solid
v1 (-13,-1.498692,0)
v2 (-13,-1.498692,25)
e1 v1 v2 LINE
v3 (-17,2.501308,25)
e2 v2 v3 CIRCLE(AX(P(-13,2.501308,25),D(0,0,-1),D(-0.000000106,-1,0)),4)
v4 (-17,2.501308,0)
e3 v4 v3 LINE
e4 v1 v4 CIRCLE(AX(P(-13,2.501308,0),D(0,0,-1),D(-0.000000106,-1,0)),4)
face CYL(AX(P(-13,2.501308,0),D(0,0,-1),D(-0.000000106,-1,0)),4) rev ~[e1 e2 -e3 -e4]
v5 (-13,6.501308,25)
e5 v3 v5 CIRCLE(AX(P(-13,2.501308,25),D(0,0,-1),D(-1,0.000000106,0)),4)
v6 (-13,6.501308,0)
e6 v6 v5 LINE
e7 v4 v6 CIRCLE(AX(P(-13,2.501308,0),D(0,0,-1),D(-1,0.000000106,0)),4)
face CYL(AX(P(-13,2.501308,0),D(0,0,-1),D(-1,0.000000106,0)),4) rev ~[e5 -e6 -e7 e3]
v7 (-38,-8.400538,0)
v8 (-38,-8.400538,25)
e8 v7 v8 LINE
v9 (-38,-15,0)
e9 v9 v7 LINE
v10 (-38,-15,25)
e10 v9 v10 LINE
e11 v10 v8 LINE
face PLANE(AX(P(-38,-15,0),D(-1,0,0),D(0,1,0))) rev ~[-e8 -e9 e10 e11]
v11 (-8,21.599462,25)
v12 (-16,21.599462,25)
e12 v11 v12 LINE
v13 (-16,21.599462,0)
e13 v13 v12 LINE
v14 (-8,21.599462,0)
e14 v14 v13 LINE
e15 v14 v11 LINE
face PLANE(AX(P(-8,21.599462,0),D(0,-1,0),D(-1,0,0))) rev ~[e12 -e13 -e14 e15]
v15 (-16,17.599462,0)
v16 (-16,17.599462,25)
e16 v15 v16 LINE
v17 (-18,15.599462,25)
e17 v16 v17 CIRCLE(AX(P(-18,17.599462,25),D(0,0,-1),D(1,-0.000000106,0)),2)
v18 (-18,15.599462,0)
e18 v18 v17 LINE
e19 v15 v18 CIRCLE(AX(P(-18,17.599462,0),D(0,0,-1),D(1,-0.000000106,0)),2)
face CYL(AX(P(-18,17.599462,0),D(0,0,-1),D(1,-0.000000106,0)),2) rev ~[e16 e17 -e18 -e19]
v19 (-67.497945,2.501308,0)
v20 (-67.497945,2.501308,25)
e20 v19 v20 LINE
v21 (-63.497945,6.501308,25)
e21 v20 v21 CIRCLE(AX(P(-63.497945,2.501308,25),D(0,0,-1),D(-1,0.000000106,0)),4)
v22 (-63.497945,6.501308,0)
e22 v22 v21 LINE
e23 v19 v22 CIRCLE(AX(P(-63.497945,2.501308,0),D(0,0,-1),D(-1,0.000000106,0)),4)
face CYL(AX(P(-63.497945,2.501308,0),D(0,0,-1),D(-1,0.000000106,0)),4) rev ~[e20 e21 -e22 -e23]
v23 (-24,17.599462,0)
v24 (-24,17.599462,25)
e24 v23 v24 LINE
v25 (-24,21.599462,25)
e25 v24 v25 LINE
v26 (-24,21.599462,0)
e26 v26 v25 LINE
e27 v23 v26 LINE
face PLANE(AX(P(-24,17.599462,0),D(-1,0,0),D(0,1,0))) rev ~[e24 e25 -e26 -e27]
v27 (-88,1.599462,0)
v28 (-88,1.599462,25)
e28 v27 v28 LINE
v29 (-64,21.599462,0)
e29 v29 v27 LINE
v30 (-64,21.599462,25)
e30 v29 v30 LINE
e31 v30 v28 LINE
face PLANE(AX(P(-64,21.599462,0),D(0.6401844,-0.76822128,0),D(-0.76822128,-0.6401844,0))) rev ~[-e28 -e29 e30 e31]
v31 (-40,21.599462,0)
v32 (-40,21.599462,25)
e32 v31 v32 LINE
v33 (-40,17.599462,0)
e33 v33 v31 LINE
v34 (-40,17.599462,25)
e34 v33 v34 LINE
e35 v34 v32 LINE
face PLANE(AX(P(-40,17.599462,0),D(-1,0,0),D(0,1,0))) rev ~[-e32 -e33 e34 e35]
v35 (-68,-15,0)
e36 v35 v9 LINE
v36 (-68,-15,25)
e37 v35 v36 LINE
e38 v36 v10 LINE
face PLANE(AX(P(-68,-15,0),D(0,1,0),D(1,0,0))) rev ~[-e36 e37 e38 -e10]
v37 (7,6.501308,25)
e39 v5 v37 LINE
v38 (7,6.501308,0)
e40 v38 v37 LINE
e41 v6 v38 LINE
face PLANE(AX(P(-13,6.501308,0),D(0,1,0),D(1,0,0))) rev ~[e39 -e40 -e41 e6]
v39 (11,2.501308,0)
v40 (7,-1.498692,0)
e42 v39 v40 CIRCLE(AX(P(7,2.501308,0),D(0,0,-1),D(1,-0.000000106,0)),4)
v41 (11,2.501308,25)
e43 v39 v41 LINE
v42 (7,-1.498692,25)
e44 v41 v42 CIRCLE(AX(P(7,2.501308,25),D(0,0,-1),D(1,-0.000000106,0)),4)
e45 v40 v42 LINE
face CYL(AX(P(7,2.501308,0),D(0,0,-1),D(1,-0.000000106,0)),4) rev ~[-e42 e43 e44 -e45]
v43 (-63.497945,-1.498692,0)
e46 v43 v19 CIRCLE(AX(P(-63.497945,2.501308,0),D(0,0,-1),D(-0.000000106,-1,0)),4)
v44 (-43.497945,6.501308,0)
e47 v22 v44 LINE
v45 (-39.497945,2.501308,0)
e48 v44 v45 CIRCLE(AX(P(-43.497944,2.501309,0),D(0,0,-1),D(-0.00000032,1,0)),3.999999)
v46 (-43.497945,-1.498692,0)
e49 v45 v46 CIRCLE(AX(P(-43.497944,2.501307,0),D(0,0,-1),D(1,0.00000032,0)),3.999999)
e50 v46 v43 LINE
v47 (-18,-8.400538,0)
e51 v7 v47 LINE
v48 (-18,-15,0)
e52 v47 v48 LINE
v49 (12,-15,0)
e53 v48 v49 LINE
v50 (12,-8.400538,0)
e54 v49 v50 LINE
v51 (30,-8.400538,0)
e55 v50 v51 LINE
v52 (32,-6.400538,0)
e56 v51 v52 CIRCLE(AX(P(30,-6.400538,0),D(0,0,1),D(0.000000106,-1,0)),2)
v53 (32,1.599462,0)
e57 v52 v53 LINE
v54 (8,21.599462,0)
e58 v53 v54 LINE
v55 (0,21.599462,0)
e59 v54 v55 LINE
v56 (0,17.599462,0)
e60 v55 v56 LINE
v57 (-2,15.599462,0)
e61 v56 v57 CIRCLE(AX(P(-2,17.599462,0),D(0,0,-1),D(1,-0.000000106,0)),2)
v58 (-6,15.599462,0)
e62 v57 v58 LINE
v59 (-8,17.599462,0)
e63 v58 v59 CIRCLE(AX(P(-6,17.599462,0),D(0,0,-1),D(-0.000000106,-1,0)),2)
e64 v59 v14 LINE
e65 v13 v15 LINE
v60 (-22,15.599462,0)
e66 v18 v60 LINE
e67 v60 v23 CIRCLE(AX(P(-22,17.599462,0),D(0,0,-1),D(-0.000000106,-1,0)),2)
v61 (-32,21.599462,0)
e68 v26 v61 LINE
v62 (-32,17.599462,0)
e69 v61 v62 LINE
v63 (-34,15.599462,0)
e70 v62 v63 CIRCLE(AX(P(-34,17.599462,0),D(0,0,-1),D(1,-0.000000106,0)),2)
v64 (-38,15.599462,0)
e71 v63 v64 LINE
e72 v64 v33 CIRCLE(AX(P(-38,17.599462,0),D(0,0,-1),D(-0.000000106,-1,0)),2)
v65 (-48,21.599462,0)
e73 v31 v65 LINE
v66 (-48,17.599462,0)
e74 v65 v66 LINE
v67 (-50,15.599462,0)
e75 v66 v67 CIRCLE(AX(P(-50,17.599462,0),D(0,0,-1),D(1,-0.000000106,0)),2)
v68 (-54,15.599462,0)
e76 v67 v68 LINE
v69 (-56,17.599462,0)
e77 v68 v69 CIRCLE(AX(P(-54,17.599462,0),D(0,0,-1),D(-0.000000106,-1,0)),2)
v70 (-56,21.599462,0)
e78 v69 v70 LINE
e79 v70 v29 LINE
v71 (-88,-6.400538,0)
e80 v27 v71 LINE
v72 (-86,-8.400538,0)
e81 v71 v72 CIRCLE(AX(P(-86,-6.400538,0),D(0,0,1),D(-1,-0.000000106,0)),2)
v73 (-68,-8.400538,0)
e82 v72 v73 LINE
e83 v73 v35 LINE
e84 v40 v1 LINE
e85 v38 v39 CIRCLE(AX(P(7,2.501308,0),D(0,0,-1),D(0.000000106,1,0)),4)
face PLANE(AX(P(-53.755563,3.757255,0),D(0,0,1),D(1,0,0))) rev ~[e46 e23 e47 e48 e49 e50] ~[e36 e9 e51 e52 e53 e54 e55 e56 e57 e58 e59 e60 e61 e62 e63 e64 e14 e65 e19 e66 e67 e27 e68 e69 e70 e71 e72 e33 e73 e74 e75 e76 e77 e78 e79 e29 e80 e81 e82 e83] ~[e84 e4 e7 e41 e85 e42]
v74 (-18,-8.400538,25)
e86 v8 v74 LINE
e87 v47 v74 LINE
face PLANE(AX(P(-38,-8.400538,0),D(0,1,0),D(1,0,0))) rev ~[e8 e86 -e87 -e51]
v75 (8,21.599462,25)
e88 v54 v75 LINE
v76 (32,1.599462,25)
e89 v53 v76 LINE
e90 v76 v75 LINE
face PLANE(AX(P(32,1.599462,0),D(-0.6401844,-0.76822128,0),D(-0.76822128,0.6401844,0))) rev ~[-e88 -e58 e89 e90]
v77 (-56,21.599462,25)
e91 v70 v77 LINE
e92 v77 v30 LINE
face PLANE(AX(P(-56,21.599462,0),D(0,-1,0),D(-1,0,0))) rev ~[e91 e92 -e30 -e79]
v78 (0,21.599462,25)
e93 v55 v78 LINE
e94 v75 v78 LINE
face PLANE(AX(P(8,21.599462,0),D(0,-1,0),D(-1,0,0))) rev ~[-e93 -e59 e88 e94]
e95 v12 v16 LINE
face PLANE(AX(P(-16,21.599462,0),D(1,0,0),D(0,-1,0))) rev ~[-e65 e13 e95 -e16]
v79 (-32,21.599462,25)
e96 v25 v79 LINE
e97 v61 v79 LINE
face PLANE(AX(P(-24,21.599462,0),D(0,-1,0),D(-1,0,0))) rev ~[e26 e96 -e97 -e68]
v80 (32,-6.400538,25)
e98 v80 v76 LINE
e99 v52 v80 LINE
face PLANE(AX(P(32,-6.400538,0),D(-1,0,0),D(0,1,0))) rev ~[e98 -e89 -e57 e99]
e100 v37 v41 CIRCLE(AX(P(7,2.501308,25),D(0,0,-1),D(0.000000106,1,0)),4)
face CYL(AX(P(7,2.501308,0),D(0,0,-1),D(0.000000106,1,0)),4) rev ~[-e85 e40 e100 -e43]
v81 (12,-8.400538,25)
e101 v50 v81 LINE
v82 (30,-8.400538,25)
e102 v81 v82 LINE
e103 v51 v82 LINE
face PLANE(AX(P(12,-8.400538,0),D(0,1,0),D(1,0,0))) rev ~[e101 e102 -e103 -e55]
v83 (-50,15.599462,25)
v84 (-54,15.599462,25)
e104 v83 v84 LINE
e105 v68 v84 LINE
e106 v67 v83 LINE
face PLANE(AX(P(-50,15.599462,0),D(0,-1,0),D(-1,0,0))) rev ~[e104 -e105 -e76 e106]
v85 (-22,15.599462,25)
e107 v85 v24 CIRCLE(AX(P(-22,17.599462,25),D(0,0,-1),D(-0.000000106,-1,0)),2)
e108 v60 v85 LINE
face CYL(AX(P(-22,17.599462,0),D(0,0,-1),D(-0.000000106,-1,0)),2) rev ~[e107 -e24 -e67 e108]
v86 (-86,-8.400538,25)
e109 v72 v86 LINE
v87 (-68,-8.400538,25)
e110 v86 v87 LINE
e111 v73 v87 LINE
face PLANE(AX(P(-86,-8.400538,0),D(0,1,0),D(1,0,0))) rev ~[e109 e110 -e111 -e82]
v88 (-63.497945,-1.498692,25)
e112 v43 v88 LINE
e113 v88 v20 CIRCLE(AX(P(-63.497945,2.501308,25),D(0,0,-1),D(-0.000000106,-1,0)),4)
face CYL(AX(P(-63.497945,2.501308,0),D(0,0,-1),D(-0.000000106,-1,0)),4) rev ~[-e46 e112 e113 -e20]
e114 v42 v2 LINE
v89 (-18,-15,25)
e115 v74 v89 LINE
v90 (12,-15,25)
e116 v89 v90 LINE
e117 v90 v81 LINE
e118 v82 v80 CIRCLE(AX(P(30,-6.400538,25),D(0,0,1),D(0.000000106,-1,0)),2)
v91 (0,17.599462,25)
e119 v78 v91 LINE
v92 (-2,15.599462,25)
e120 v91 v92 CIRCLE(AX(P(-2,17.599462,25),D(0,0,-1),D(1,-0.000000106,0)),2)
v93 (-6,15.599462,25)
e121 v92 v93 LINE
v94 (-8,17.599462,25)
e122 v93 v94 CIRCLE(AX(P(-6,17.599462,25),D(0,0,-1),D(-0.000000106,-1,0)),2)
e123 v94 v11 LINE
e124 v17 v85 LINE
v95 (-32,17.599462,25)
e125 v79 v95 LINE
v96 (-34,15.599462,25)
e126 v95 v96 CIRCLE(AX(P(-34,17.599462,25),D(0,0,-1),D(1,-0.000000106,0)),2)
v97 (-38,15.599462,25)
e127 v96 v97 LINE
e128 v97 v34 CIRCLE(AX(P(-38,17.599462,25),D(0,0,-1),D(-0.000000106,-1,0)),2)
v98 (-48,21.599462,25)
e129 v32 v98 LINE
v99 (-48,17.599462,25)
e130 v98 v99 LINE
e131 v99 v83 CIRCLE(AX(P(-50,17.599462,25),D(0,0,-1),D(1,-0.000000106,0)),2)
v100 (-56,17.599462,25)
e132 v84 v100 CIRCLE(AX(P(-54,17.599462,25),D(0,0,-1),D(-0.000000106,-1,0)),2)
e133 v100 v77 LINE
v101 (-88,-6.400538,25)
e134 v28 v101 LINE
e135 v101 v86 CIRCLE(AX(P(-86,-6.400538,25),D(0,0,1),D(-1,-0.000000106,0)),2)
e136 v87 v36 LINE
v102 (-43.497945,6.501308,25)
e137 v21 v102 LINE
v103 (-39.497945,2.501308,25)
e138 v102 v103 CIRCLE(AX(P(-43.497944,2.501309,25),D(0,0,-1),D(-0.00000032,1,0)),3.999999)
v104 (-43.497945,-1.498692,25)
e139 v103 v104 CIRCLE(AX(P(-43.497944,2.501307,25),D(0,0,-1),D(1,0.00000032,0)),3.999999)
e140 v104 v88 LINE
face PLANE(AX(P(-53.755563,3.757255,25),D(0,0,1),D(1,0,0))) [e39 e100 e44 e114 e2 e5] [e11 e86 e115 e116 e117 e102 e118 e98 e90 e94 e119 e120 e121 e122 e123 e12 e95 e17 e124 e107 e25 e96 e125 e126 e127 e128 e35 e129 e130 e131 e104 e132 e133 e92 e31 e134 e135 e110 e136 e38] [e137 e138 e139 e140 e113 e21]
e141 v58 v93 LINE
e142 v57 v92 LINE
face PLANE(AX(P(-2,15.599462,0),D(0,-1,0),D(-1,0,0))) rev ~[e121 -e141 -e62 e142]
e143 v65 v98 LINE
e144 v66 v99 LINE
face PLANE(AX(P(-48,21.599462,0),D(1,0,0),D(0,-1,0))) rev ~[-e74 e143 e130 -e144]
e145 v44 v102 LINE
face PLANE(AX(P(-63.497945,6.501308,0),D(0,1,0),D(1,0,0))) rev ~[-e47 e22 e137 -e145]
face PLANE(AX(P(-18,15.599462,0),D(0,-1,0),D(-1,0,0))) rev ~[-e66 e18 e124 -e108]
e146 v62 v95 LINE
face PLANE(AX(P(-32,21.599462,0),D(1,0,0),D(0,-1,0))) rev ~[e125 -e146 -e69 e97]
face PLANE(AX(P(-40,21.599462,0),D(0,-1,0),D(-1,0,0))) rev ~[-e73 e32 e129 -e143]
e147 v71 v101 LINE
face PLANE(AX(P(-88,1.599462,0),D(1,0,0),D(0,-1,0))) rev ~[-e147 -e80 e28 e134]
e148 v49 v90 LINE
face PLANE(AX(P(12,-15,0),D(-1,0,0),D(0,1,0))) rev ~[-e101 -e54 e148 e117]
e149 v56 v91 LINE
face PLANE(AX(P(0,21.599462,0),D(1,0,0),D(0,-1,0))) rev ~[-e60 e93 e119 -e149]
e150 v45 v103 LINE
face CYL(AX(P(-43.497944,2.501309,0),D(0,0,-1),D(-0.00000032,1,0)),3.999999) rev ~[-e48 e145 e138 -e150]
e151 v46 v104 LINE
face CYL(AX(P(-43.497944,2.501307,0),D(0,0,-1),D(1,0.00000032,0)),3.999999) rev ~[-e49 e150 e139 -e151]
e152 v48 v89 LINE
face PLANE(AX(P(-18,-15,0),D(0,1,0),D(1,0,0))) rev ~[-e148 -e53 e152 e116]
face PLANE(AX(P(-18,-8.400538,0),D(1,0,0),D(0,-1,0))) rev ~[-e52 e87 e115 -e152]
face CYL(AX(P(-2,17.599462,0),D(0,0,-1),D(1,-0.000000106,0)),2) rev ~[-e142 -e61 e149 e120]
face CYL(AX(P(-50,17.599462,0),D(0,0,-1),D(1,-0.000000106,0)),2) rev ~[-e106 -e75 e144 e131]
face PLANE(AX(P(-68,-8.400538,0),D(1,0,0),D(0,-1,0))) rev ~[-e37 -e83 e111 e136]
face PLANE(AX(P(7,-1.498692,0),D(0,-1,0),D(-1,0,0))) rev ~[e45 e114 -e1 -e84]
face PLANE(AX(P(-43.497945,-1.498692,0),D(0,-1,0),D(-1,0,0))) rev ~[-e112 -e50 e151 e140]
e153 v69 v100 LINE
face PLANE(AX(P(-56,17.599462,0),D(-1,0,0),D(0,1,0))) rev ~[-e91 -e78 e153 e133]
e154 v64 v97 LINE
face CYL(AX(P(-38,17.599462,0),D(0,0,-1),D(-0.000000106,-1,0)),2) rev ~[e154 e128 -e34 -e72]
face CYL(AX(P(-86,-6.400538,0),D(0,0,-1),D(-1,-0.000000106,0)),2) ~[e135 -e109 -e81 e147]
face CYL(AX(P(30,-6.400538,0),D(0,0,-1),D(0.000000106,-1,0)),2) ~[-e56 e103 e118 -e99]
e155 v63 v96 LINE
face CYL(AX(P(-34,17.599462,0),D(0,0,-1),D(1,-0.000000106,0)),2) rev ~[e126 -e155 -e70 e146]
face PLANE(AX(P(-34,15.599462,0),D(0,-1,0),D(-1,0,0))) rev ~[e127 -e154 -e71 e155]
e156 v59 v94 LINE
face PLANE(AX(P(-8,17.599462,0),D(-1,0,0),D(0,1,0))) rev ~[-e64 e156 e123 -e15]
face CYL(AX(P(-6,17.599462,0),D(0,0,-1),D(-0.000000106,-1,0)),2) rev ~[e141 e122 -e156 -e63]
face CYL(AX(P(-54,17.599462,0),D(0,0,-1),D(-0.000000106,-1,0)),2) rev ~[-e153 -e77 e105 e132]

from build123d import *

# Parameters (mm, degrees)
F1_DEPTH = 25


with BuildPart() as f1:
    # F0 (on Top) → F1 (new body)
    with BuildSketch(Plane.XY):
        with BuildLine():
            ThreePointArc((-88, -6.400538), (-87.414214, -7.814751), (-86, -8.400538))
            Line((-86, -8.400538), (-68, -8.400538))
            Line((-68, -8.400538), (-68, -15))
            Line((-68, -15), (-38, -15))
            Line((-38, -15), (-38, -8.400538))
            Line((-38, -8.400538), (-28, -8.400538))
            Line((-28, -8.400538), (-28, -1.498692))
            Line((-28, -1.498692), (-28, 21.599462))
            Line((-28, 21.599462), (-32, 21.599462))
            Line((-32, 21.599462), (-32, 17.599462))
            ThreePointArc((-32, 17.599462), (-32.585786, 16.185249), (-34, 15.599462))
            Line((-34, 15.599462), (-38, 15.599462))
            ThreePointArc((-38, 15.599462), (-39.414214, 16.185249), (-40, 17.599462))
            Line((-40, 17.599462), (-40, 21.599462))
            Line((-40, 21.599462), (-48, 21.599462))
            Line((-48, 21.599462), (-48, 17.599462))
            ThreePointArc((-48, 17.599462), (-48.585786, 16.185249), (-50, 15.599462))
            Line((-50, 15.599462), (-54, 15.599462))
            ThreePointArc((-54, 15.599462), (-55.414214, 16.185249), (-56, 17.599462))
            Line((-56, 17.599462), (-56, 21.599462))
            Line((-56, 21.599462), (-64, 21.599462))
            Line((-64, 21.599462), (-88, 1.599462))
            Line((-88, 1.599462), (-88, -6.400538))
        make_face()
        with BuildLine():
            ThreePointArc((-67.497945, 2.501308), (-66.326372, 5.329735), (-63.497945, 6.501308))
            Line((-63.497945, 6.501308), (-43.497945, 6.501308))
            ThreePointArc((-43.497945, 6.501308), (-40.669517, 5.329735), (-39.497945, 2.501308))
            ThreePointArc((-39.497945, 2.501308), (-40.669517, -0.327119), (-43.497945, -1.498692))
            Line((-43.497945, -1.498692), (-63.497945, -1.498692))
            ThreePointArc((-63.497945, -1.498692), (-66.326372, -0.327119), (-67.497945, 2.501308))
        make_face(mode=Mode.SUBTRACT)
        with BuildLine():
            Line((-28, -1.498692), (-28, -8.400538))
            Line((-28, -8.400538), (-18, -8.400538))
            Line((-18, -8.400538), (-18, -15))
            Line((-18, -15), (12, -15))
            Line((12, -15), (12, -8.400538))
            Line((12, -8.400538), (30, -8.400538))
            ThreePointArc((30, -8.400538), (31.414214, -7.814751), (32, -6.400538))
            Line((32, -6.400538), (32, 1.599462))
            Line((32, 1.599462), (8, 21.599462))
            Line((8, 21.599462), (0, 21.599462))
            Line((0, 21.599462), (0, 17.599462))
            ThreePointArc((0, 17.599462), (-0.585786, 16.185249), (-2, 15.599462))
            Line((-2, 15.599462), (-6, 15.599462))
            ThreePointArc((-6, 15.599462), (-7.414214, 16.185249), (-8, 17.599462))
            Line((-8, 17.599462), (-8, 21.599462))
            Line((-8, 21.599462), (-16, 21.599462))
            Line((-16, 21.599462), (-16, 17.599462))
            ThreePointArc((-16, 17.599462), (-16.585786, 16.185249), (-18, 15.599462))
            Line((-18, 15.599462), (-22, 15.599462))
            ThreePointArc((-22, 15.599462), (-23.414214, 16.185249), (-24, 17.599462))
            Line((-24, 17.599462), (-24, 21.599462))
            Line((-24, 21.599462), (-28, 21.599462))
            Line((-28, 21.599462), (-28, -1.498692))
        make_face()
        with BuildLine():
            ThreePointArc((-17, 2.501308), (-15.828427, 5.329735), (-13, 6.501308))
            Line((-13, 6.501308), (7, 6.501308))
            ThreePointArc((7, 6.501308), (9.828427, 5.329735), (11, 2.501308))
            ThreePointArc((11, 2.501308), (9.828427, -0.327119), (7, -1.498692))
            Line((7, -1.498692), (-13, -1.498692))
            ThreePointArc((-13, -1.498692), (-15.828427, -0.327119), (-17, 2.501308))
        make_face(mode=Mode.SUBTRACT)
    extrude(amount=F1_DEPTH)


solid = f1.part
